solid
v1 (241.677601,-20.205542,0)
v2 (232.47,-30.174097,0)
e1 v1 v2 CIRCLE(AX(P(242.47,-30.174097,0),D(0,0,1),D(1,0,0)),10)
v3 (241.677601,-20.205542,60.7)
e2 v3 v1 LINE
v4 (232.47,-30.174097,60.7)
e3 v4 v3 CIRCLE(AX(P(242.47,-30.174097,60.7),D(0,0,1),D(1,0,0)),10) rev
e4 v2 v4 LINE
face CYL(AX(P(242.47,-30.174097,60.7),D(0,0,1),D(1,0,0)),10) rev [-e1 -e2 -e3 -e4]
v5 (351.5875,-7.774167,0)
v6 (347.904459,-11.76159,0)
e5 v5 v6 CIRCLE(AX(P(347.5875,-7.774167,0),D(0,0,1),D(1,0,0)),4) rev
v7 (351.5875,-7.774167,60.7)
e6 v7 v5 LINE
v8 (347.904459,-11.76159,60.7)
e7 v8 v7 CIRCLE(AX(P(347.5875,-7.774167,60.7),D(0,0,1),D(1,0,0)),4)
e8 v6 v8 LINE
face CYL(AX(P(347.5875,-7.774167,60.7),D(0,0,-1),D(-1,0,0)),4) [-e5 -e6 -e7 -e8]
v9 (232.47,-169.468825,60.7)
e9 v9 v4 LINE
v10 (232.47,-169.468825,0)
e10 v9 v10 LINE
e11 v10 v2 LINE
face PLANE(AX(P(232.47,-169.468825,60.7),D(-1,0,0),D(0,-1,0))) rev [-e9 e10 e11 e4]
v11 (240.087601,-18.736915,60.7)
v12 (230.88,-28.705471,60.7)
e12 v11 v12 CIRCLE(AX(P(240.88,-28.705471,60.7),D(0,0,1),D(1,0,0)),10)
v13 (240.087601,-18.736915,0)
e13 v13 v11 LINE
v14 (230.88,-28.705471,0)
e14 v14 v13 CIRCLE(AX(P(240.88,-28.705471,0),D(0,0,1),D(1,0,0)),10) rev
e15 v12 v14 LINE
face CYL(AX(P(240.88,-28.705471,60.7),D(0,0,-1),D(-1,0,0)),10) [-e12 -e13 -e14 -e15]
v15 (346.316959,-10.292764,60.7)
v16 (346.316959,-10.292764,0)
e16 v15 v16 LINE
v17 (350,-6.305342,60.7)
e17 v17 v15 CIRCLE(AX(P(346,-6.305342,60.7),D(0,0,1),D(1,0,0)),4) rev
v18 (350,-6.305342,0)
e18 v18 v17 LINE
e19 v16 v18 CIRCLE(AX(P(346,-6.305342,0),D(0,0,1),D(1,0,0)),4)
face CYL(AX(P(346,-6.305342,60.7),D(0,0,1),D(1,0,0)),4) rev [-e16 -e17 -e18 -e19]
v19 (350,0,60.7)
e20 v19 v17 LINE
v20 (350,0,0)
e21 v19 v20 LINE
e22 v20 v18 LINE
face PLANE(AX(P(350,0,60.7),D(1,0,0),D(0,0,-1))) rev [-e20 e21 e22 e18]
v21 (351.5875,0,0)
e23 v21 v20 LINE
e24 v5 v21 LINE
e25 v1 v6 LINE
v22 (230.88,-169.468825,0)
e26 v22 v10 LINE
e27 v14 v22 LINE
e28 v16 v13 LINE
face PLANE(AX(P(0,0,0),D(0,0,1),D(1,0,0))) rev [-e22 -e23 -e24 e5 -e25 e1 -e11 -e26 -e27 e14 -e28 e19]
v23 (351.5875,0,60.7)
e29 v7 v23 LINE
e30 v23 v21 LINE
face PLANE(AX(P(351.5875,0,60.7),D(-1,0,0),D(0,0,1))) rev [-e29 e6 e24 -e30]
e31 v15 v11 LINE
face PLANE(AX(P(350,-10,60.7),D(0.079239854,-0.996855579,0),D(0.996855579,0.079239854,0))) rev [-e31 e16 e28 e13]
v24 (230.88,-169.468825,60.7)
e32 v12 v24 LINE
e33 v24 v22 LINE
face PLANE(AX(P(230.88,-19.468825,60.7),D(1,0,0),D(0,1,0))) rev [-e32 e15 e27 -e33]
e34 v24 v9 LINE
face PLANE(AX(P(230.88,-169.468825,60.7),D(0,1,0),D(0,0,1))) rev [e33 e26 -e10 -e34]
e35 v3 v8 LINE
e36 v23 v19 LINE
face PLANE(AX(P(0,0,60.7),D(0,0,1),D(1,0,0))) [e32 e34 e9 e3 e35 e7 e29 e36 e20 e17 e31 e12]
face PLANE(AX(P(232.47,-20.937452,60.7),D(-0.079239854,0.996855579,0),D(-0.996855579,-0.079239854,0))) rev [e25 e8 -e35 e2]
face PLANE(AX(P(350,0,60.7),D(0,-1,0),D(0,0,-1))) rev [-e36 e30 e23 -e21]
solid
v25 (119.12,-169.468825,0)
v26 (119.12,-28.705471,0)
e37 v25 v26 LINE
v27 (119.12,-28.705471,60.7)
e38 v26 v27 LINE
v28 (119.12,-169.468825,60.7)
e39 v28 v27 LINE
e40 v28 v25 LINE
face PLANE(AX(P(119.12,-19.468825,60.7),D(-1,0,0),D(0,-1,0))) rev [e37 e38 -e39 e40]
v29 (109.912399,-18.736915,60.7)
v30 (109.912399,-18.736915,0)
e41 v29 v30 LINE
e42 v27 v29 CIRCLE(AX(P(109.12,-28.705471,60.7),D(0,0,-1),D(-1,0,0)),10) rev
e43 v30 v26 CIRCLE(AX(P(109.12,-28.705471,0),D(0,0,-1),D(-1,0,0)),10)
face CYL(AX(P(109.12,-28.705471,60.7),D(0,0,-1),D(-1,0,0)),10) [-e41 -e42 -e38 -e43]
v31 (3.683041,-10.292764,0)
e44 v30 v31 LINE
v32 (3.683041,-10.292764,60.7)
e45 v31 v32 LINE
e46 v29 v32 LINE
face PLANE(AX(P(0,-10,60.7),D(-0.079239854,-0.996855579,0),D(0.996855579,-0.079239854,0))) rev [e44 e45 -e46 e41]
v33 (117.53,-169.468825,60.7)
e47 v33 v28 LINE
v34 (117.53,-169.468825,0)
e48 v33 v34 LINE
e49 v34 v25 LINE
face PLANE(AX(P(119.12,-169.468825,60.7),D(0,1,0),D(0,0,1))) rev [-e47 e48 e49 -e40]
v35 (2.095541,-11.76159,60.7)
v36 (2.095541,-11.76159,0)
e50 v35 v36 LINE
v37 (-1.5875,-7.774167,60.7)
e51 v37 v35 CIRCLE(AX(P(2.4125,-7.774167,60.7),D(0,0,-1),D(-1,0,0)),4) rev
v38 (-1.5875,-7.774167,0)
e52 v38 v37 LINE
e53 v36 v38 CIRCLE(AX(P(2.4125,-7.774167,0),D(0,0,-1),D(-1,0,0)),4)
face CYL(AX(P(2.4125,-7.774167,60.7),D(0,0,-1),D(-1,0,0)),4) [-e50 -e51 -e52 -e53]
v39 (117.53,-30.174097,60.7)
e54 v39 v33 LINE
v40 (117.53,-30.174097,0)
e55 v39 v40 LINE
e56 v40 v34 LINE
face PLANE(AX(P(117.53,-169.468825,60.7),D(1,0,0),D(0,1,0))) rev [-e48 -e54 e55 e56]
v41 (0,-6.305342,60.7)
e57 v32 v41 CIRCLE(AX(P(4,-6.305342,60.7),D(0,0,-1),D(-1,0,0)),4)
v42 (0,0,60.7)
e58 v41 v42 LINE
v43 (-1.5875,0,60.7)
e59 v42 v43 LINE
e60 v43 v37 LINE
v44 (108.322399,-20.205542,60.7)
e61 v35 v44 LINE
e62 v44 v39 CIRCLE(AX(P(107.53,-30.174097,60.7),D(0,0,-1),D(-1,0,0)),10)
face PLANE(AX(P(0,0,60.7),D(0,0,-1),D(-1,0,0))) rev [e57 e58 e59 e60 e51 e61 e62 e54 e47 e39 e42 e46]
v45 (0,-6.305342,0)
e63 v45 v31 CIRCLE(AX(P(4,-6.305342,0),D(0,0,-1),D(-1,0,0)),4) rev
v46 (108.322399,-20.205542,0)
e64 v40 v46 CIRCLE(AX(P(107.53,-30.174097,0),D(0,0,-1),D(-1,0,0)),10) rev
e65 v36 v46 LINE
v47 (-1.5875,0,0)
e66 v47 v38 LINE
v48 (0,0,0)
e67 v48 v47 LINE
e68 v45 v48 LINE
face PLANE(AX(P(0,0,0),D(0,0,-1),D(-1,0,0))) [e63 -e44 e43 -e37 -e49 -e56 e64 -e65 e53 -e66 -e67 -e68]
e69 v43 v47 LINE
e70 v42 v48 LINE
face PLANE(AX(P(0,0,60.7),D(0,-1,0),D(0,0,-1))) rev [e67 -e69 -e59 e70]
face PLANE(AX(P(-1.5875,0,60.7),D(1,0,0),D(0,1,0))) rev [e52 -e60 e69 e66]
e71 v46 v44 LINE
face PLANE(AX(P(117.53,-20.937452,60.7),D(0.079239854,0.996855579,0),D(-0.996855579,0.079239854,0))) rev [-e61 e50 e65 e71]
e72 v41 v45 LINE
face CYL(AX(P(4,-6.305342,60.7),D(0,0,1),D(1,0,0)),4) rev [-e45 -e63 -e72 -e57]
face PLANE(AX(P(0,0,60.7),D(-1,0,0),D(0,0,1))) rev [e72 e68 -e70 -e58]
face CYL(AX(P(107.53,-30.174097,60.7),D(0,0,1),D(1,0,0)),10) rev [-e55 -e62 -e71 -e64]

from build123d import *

# Parameters (mm, degrees)
BOSS_EXTRUDE1_DEPTH   = 60.7
BOSS_EXTRUDE1_2_DEPTH = 60.7
FILLET1_R             = 10
FILLET2_R             = 10
FILLET3_R             = 4
FILLET4_R             = 4


with BuildPart() as part:
    # Sketch1 → Boss-Extrude1 (new body)
    with BuildSketch(Plane.XY):
        Polygon((350, -10), (230.88, -19.468825337), (230.88, -169.468825337), (232.47, -169.468825337), (232.47, -20.93745195), (351.5875, -11.468825337), (351.5875, 0), (350, 0), align=None)
    extrude(amount=BOSS_EXTRUDE1_DEPTH)

    # Fillet1
    fillet1_edges = [part.edges().sort_by_distance(p)[0] for p in [
        (232.47, -20.93745195, 30.35),
        (230.88, -19.468825337, 30.35),
    ]]
    fillet(fillet1_edges, radius=FILLET1_R)

    # Fillet3
    fillet3_edges = [part.edges().sort_by_distance(p)[0] for p in [
        (351.5875, -11.468825337, 30.35),
        (350, -10, 30.35),
    ]]
    fillet(fillet3_edges, radius=FILLET3_R)


with BuildPart() as body_2:
    # Sketch1 → Boss-Extrude1 2 (new body)
    with BuildSketch(Plane.XY):
        Polygon((0, 0), (-1.5875, 0), (-1.5875, -11.468825337), (117.53, -20.93745195), (117.53, -169.468825337), (119.12, -169.468825337), (119.12, -19.468825337), (0, -10), align=None)
    extrude(amount=BOSS_EXTRUDE1_2_DEPTH)

    # Fillet2
    fillet2_edges = [body_2.edges().sort_by_distance(p)[0] for p in [
        (119.12, -19.468825337, 30.35),
        (117.53, -20.93745195, 30.35),
    ]]
    fillet(fillet2_edges, radius=FILLET2_R)

    # Fillet4
    fillet4_edges = [body_2.edges().sort_by_distance(p)[0] for p in [
        (0, -10, 30.35),
        (-1.5875, -11.468825337, 30.35),
    ]]
    fillet(fillet4_edges, radius=FILLET4_R)


solid = Compound([part.part, body_2.part])
